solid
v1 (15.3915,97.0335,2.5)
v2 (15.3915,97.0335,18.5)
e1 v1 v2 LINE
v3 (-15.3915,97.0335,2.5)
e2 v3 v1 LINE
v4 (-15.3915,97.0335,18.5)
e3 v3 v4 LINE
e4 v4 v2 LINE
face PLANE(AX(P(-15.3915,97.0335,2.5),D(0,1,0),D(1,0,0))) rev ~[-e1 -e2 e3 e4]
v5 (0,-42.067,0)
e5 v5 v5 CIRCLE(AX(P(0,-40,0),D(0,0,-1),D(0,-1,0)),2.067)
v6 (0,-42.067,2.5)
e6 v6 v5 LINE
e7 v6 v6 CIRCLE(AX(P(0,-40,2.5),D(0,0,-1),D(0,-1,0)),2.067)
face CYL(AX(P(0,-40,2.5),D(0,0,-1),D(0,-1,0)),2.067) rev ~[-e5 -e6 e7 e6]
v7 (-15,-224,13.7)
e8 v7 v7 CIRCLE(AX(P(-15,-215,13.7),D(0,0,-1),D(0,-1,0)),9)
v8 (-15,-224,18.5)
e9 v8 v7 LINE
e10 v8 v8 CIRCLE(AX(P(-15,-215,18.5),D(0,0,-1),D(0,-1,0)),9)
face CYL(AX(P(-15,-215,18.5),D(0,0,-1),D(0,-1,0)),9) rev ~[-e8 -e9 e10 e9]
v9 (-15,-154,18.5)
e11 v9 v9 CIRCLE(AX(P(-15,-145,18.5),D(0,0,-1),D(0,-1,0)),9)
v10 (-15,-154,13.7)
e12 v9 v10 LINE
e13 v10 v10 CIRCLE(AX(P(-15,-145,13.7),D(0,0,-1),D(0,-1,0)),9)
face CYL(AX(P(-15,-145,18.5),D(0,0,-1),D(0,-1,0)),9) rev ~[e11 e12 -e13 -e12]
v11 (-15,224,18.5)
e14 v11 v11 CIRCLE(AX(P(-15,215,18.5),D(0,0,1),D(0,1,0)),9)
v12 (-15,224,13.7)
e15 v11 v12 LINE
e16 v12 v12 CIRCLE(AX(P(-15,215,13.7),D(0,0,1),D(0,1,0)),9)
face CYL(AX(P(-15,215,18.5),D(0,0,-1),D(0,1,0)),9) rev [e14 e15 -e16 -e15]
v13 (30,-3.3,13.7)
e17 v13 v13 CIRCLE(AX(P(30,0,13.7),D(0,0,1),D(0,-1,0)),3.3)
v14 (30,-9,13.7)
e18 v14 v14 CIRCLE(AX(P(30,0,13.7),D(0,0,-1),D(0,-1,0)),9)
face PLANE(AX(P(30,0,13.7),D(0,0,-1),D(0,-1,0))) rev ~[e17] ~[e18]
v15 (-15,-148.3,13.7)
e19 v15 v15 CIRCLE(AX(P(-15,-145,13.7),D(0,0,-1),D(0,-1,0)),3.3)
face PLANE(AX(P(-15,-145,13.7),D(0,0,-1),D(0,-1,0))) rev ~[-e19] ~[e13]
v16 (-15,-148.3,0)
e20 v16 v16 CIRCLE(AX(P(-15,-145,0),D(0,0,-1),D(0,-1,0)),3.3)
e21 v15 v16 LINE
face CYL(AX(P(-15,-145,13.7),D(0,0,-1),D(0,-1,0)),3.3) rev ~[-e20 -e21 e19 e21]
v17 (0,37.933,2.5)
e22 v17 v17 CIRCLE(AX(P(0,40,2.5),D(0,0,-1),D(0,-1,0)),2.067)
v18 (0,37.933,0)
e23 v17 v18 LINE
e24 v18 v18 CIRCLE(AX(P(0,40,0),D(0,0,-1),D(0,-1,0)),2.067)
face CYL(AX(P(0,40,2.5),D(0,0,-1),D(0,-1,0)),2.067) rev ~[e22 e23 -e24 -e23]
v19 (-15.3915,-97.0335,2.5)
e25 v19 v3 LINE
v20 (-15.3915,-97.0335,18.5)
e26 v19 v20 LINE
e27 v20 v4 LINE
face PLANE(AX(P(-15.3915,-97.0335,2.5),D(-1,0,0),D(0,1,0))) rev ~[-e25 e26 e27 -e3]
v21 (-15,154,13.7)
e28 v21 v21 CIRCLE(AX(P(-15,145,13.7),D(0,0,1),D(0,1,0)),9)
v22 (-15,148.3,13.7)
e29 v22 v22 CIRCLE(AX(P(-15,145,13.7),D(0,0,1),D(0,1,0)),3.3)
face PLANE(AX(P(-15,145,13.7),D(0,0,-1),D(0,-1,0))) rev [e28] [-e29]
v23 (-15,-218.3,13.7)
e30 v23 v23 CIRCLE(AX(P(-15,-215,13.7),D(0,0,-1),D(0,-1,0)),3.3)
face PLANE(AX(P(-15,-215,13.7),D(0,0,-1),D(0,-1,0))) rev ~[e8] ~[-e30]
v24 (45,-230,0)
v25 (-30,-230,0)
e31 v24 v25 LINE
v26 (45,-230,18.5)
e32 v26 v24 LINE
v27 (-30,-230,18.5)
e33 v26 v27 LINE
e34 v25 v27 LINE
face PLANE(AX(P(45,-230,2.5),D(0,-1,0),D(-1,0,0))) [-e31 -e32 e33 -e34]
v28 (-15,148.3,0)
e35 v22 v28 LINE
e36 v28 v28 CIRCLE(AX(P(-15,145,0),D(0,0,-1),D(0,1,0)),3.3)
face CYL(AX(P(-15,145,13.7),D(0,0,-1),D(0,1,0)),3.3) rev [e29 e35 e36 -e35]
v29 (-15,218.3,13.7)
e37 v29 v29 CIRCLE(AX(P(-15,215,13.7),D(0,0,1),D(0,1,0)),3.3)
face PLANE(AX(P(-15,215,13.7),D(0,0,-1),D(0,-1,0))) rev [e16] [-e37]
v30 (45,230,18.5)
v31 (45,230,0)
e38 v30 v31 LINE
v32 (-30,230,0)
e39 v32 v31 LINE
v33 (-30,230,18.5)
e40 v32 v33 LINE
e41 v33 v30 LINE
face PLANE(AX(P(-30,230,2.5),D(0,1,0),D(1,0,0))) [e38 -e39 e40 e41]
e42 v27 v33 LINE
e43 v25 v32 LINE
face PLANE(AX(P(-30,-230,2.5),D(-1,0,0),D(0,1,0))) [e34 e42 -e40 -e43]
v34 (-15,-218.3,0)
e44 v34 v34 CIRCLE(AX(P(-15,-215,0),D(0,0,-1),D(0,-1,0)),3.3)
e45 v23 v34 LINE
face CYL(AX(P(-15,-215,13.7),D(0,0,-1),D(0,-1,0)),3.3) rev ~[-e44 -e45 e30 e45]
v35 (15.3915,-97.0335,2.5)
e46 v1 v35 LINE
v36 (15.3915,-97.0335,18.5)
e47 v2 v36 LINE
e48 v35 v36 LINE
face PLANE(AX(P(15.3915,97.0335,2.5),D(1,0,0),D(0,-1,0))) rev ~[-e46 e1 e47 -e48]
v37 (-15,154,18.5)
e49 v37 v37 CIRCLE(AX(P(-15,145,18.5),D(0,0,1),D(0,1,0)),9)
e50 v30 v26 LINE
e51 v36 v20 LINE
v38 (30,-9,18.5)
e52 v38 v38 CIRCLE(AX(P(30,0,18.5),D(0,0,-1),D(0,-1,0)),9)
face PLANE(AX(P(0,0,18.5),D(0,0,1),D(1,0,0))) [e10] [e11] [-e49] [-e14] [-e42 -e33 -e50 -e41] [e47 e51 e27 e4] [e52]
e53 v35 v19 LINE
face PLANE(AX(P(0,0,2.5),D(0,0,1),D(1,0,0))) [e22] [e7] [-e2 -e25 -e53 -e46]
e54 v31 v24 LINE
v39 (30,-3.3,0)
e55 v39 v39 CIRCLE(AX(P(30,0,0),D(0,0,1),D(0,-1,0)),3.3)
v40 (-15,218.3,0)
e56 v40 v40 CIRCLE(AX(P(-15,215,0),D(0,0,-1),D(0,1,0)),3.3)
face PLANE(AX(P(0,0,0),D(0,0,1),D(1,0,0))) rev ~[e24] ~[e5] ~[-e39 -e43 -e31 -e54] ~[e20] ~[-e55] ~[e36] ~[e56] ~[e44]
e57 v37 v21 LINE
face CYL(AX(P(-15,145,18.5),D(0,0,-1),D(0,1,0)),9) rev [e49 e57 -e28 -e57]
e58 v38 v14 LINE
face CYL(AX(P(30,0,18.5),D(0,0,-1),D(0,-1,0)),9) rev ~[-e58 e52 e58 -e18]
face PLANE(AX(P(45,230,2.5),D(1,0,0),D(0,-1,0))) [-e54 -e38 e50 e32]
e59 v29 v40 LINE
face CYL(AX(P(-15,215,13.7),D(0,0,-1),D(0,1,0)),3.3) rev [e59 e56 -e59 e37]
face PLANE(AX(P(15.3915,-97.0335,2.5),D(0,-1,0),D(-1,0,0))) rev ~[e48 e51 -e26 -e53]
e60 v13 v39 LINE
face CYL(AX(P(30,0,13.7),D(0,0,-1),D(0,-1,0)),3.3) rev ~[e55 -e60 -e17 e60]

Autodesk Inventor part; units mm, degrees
ref_plane "YZ Plane" through (0, 0, 0) normal (1, 0, 0) x (0, 1, 0)
ref_plane "XZ Plane" through (0, 0, 0) normal (0, 1, 0) x (-1, 0, 0)
ref_plane "XY Plane" through (0, 0, 0) normal (0, 0, 1) x (1, 0, 0)
sketch "Sketch1" plane through (0, 0, 0) normal (0, 0, 1) x (1, 0, 0)
  line L0 (-30, 230) -> (45, 230)
  line L1 (45, 230) -> (45, -230)
  line L2 (45, -230) -> (-30, -230)
  line L3 (-30, -230) -> (-30, 230)
  point P0 (0, 0)
  dimension "d0" = 30
  dimension "d1" = 45
  dimension "d2" = 460
  dimension "d3" = 230
extrude "baseExtrusion" add sketch "Sketch1" along normal blind 2.5
sketch "Sketch2" plane through (0, 0, 2.5) normal (0, 0, 1) x (1, 0, 0)
  line L0 (-30, 230) -> (-30, -230) projected
  point P0 (0, 0)
  point P1 (0, 40)
  point P2 (0, -40)
  dimension "d6" = 80
  dimension "d7" = 40
  dimension "d8" = 30
  dimension "d9" = 30
hole "xyStageAttatchM5" at (0, 40, 2.5) at (0, -40, 2.5) direction (0, 0, -1) diameter 4.134 depth 14.2 tip angle 118 thread size "M5x0.8" class "6H" standard "ISO Metric profile"
sketch "Sketch3" plane through (0, 0, 2.5) normal (0, 0, 1) x (1, 0, 0)
  line L0 (-30, 230) -> (45, 230)
  line L1 (45, 230) -> (45, -230)
  line L2 (45, -230) -> (-30, -230)
  line L3 (-30, -230) -> (-30, 230)
  line L4 (45, 230) -> (-30, 230) projected
  line L5 (-30, -230) -> (45, -230) projected
  line L6 (45, -230) -> (45, 230) projected
  line L7 (-30, 230) -> (-30, -230) projected
  line L8 (-15.3915, 97.0335) -> (15.3915, 97.0335)
  line L9 (15.3915, 97.0335) -> (15.3915, -97.0335)
  line L10 (15.3915, -97.0335) -> (-15.3915, -97.0335)
  line L11 (-15.3915, -97.0335) -> (-15.3915, 97.0335)
  point P0 (0, 0)
  dimension "d17" = 194.0669
  dimension "d18" = 97.0335
  dimension "d19" = 30.783
  dimension "d20" = 15.3915
extrude "Extrusion2" add sketch "Sketch3" along normal blind 16
sketch "Sketch4" plane through (0, 0, 18.5) normal (0, 0, 1) x (1, 0, 0)
  line L0 (-30, -230) -> (45, -230) projected
  line L1 (45, -230) -> (45, 230) projected
  line L2 (-30, 230) -> (-30, -230) projected
  point P0 (0, 0)
  point P1 (-15, -215)
  point P2 (-15, -145)
  point P3 (30, 0)
  dimension "d23" = 15
  dimension "d24" = 70
  dimension "d33" = 15
  dimension "d34" = 15
hole "Hole2" at (-15, -215, 18.5) at (-15, -145, 18.5) at (30, 0, 18.5) direction (0, 0, -1) diameter 6.6 end through all counterbore diameter 18 counterbore depth 4.8 clearance for "Hex Head Cap Screw ISO 24017" size "M6" standard "ISO"
mirror "Mirror1" about plane through (0, 0, 0) normal (0, 1, 0) of "Hole2"
equation "\"d3\" = 0.5 * d2"
equation "\"d7\" = 0.5 * d6"
equation "\"d8\" = d9"
equation "\"d18\" = 0.5 * d17"
equation "\"d20\" = 0.5 * d19"
properties part number "xyStageStilt"
